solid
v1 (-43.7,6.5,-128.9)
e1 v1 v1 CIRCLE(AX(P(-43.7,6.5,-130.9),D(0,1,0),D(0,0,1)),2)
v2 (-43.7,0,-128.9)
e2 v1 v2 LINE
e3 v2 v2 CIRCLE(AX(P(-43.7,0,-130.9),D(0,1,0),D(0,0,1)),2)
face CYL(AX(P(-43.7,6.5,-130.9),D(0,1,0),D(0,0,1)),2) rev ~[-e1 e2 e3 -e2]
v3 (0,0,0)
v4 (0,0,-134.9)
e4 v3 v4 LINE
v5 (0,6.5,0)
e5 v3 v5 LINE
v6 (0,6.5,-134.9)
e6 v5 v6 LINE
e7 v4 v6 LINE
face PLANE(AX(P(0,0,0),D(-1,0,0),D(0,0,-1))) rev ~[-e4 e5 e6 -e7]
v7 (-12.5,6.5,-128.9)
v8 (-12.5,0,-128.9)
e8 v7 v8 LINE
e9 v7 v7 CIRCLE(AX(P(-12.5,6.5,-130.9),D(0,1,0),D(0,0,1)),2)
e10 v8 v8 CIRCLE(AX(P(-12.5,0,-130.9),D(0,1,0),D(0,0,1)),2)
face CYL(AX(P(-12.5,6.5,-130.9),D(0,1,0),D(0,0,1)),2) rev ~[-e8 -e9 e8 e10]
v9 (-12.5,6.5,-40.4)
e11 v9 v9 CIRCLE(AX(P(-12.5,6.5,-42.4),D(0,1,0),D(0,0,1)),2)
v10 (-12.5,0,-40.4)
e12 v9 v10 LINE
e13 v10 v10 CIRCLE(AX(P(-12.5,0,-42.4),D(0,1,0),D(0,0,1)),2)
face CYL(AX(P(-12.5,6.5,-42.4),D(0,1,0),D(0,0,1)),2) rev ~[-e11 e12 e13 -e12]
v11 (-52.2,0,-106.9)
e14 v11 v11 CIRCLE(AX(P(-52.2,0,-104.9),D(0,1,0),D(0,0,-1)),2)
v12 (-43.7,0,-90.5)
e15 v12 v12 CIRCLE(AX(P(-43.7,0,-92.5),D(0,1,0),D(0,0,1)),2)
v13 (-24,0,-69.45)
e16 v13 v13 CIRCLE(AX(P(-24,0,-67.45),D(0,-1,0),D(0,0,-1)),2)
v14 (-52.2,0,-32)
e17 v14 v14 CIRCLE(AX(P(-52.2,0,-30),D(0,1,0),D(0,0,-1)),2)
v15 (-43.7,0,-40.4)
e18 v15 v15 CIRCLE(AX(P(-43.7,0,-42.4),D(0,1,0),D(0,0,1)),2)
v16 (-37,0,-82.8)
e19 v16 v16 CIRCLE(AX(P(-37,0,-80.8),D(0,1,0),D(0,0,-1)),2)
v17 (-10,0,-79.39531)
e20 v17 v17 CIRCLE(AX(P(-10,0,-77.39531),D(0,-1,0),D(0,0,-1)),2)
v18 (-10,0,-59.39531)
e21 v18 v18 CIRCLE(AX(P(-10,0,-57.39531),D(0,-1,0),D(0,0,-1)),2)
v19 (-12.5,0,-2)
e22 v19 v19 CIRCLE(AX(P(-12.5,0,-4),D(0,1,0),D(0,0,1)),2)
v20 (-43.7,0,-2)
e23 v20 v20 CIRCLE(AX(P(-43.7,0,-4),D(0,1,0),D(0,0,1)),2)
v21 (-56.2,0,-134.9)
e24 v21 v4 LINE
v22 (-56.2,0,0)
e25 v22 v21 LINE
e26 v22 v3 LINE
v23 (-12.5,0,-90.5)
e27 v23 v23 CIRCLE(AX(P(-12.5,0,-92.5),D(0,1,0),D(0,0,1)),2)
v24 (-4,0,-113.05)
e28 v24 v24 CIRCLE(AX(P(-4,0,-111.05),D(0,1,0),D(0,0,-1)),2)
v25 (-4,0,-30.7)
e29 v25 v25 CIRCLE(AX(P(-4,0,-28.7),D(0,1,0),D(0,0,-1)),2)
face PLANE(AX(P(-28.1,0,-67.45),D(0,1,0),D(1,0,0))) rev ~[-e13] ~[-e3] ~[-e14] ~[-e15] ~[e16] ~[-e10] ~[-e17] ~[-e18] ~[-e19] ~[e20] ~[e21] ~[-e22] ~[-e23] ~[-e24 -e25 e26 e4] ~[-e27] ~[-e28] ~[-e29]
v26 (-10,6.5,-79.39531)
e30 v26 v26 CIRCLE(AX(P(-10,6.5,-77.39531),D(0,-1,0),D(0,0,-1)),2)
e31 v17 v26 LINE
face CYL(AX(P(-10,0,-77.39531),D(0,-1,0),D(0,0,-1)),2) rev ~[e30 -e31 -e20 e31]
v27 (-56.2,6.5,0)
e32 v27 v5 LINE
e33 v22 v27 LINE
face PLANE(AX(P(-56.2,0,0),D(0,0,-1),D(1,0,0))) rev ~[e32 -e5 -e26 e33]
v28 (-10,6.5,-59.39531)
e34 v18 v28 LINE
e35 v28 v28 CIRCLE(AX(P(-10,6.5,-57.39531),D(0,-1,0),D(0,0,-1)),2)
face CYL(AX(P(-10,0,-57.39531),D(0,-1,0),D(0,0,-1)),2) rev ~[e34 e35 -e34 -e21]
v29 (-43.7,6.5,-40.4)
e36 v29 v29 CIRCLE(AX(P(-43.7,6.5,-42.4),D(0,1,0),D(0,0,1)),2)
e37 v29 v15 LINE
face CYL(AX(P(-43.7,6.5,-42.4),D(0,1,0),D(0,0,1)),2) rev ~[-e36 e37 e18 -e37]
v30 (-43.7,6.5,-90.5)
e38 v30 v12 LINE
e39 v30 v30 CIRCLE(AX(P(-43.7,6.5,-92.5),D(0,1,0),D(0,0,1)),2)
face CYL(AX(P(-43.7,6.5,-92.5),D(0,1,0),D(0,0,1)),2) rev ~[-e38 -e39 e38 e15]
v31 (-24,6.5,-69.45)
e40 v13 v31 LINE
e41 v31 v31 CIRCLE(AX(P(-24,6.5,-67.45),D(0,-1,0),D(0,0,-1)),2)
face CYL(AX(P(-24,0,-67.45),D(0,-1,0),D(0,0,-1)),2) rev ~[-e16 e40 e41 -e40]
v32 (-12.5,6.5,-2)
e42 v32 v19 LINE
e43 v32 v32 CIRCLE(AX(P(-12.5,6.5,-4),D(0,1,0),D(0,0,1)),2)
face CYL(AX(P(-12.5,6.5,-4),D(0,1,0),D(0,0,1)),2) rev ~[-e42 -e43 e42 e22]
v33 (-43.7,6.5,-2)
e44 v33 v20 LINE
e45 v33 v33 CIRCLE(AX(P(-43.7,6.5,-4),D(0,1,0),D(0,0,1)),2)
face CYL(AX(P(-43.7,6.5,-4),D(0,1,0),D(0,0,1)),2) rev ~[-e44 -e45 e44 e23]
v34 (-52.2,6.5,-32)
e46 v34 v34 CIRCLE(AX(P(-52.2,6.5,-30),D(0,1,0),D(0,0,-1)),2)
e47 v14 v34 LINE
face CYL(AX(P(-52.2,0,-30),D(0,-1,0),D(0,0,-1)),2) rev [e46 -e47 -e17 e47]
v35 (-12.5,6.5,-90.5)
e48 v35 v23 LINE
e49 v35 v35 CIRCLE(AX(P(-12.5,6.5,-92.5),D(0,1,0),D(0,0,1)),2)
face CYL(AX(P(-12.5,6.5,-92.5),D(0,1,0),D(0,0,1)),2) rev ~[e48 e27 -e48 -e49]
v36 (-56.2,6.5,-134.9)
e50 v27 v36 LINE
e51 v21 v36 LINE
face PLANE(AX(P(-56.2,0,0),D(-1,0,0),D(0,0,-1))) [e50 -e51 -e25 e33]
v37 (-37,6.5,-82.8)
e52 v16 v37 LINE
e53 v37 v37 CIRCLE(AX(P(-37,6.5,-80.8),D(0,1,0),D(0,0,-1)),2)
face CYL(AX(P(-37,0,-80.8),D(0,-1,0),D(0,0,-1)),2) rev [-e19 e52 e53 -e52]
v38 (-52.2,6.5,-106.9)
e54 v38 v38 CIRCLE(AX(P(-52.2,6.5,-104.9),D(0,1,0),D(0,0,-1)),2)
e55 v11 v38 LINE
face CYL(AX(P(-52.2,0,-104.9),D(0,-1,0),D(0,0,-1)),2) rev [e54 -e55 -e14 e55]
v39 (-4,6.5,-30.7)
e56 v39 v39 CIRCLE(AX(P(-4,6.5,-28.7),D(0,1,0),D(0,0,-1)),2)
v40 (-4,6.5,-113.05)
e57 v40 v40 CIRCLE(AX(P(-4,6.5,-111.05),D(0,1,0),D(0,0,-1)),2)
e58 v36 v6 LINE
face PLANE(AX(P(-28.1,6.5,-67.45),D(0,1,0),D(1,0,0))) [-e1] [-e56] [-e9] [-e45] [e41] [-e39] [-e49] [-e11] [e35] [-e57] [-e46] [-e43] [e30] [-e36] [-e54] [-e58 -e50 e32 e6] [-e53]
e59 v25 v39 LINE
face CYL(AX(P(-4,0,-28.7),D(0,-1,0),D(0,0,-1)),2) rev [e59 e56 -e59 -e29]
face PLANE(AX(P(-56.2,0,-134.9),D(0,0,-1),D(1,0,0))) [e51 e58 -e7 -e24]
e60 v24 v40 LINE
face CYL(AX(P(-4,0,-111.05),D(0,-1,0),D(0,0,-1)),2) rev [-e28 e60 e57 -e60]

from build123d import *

# Parameters (mm, degrees)
SKETCH1_W                                = 56.2
SKETCH1_H                                = 134.9
SKETCH1_R                                = 2
BOSS_EXTRUDE1_DEPTH                      = 6.5
POLOLU_MOUNTING_BRACKET_R                = 2
POLOLU_37MM_MOUNTING_BRACKET_HOLES_DEPTH = 147.282945007
SKETCH2_R                                = 2
SPINDLE_MOUNT_DEPTH                      = 147.282945007


with BuildPart() as part:
    # Sketch1 → Boss-Extrude1 (new body)
    with BuildSketch(Plane(origin=(0, 0, 0), x_dir=(1, 0, 0), z_dir=(0, 1, 0))):
        with Locations((-28.1, 67.45)):
            Rectangle(SKETCH1_W, SKETCH1_H)
        with Locations(Location((-52.2, 104.9, 0), (0, 0, 90))):
            Circle(SKETCH1_R, mode=Mode.SUBTRACT)
        with Locations(Location((-4, 111.05, 0), (0, 0, 90))):
            Circle(SKETCH1_R, mode=Mode.SUBTRACT)
        with Locations(Location((-37, 80.8, 0), (0, 0, 90))):
            Circle(SKETCH1_R, mode=Mode.SUBTRACT)
        with Locations(Location((-52.2, 30, 0), (0, 0, 90))):
            Circle(SKETCH1_R, mode=Mode.SUBTRACT)
        with Locations(Location((-4, 28.7, 0), (0, 0, 90))):
            Circle(SKETCH1_R, mode=Mode.SUBTRACT)
    extrude(amount=BOSS_EXTRUDE1_DEPTH)

    # Pololu Mounting Bracket → Pololu 37mm mounting bracket holes (cut, through all)
    with BuildSketch(Plane(origin=(0, 6.5, 0), x_dir=(1, 0, 0), z_dir=(0, 1, 0))):
        with Locations(Location((-43.7, 4, 0), (0, 0, 270))):
            Circle(POLOLU_MOUNTING_BRACKET_R)
        with Locations(Location((-12.5, 4, 0), (0, 0, 270))):
            Circle(POLOLU_MOUNTING_BRACKET_R)
        with Locations(Location((-43.7, 42.4, 0), (0, 0, 270))):
            Circle(POLOLU_MOUNTING_BRACKET_R)
        with Locations(Location((-12.5, 42.4, 0), (0, 0, 270))):
            Circle(POLOLU_MOUNTING_BRACKET_R)
        with Locations(Location((-43.7, 130.9, 0), (0, 0, 270))):
            Circle(POLOLU_MOUNTING_BRACKET_R)
        with Locations(Location((-12.5, 130.9, 0), (0, 0, 270))):
            Circle(POLOLU_MOUNTING_BRACKET_R)
        with Locations(Location((-12.5, 92.5, 0), (0, 0, 270))):
            Circle(POLOLU_MOUNTING_BRACKET_R)
        with Locations(Location((-43.7, 92.5, 0), (0, 0, 270))):
            Circle(POLOLU_MOUNTING_BRACKET_R)
    extrude(amount=-POLOLU_37MM_MOUNTING_BRACKET_HOLES_DEPTH, mode=Mode.SUBTRACT)

    # Sketch2 → Spindle Mount (cut, through all)
    with BuildSketch(Plane.XZ):
        with Locations(Location((-24, -67.45, 0), (0, 0, 270))):
            Circle(SKETCH2_R)
        with Locations(Location((-10, -77.39530997, 0), (0, 0, 270))):
            Circle(SKETCH2_R)
        with Locations(Location((-10, -57.39530997, 0), (0, 0, 270))):
            Circle(SKETCH2_R)
    extrude(amount=-SPINDLE_MOUNT_DEPTH, mode=Mode.SUBTRACT)


solid = part.part
